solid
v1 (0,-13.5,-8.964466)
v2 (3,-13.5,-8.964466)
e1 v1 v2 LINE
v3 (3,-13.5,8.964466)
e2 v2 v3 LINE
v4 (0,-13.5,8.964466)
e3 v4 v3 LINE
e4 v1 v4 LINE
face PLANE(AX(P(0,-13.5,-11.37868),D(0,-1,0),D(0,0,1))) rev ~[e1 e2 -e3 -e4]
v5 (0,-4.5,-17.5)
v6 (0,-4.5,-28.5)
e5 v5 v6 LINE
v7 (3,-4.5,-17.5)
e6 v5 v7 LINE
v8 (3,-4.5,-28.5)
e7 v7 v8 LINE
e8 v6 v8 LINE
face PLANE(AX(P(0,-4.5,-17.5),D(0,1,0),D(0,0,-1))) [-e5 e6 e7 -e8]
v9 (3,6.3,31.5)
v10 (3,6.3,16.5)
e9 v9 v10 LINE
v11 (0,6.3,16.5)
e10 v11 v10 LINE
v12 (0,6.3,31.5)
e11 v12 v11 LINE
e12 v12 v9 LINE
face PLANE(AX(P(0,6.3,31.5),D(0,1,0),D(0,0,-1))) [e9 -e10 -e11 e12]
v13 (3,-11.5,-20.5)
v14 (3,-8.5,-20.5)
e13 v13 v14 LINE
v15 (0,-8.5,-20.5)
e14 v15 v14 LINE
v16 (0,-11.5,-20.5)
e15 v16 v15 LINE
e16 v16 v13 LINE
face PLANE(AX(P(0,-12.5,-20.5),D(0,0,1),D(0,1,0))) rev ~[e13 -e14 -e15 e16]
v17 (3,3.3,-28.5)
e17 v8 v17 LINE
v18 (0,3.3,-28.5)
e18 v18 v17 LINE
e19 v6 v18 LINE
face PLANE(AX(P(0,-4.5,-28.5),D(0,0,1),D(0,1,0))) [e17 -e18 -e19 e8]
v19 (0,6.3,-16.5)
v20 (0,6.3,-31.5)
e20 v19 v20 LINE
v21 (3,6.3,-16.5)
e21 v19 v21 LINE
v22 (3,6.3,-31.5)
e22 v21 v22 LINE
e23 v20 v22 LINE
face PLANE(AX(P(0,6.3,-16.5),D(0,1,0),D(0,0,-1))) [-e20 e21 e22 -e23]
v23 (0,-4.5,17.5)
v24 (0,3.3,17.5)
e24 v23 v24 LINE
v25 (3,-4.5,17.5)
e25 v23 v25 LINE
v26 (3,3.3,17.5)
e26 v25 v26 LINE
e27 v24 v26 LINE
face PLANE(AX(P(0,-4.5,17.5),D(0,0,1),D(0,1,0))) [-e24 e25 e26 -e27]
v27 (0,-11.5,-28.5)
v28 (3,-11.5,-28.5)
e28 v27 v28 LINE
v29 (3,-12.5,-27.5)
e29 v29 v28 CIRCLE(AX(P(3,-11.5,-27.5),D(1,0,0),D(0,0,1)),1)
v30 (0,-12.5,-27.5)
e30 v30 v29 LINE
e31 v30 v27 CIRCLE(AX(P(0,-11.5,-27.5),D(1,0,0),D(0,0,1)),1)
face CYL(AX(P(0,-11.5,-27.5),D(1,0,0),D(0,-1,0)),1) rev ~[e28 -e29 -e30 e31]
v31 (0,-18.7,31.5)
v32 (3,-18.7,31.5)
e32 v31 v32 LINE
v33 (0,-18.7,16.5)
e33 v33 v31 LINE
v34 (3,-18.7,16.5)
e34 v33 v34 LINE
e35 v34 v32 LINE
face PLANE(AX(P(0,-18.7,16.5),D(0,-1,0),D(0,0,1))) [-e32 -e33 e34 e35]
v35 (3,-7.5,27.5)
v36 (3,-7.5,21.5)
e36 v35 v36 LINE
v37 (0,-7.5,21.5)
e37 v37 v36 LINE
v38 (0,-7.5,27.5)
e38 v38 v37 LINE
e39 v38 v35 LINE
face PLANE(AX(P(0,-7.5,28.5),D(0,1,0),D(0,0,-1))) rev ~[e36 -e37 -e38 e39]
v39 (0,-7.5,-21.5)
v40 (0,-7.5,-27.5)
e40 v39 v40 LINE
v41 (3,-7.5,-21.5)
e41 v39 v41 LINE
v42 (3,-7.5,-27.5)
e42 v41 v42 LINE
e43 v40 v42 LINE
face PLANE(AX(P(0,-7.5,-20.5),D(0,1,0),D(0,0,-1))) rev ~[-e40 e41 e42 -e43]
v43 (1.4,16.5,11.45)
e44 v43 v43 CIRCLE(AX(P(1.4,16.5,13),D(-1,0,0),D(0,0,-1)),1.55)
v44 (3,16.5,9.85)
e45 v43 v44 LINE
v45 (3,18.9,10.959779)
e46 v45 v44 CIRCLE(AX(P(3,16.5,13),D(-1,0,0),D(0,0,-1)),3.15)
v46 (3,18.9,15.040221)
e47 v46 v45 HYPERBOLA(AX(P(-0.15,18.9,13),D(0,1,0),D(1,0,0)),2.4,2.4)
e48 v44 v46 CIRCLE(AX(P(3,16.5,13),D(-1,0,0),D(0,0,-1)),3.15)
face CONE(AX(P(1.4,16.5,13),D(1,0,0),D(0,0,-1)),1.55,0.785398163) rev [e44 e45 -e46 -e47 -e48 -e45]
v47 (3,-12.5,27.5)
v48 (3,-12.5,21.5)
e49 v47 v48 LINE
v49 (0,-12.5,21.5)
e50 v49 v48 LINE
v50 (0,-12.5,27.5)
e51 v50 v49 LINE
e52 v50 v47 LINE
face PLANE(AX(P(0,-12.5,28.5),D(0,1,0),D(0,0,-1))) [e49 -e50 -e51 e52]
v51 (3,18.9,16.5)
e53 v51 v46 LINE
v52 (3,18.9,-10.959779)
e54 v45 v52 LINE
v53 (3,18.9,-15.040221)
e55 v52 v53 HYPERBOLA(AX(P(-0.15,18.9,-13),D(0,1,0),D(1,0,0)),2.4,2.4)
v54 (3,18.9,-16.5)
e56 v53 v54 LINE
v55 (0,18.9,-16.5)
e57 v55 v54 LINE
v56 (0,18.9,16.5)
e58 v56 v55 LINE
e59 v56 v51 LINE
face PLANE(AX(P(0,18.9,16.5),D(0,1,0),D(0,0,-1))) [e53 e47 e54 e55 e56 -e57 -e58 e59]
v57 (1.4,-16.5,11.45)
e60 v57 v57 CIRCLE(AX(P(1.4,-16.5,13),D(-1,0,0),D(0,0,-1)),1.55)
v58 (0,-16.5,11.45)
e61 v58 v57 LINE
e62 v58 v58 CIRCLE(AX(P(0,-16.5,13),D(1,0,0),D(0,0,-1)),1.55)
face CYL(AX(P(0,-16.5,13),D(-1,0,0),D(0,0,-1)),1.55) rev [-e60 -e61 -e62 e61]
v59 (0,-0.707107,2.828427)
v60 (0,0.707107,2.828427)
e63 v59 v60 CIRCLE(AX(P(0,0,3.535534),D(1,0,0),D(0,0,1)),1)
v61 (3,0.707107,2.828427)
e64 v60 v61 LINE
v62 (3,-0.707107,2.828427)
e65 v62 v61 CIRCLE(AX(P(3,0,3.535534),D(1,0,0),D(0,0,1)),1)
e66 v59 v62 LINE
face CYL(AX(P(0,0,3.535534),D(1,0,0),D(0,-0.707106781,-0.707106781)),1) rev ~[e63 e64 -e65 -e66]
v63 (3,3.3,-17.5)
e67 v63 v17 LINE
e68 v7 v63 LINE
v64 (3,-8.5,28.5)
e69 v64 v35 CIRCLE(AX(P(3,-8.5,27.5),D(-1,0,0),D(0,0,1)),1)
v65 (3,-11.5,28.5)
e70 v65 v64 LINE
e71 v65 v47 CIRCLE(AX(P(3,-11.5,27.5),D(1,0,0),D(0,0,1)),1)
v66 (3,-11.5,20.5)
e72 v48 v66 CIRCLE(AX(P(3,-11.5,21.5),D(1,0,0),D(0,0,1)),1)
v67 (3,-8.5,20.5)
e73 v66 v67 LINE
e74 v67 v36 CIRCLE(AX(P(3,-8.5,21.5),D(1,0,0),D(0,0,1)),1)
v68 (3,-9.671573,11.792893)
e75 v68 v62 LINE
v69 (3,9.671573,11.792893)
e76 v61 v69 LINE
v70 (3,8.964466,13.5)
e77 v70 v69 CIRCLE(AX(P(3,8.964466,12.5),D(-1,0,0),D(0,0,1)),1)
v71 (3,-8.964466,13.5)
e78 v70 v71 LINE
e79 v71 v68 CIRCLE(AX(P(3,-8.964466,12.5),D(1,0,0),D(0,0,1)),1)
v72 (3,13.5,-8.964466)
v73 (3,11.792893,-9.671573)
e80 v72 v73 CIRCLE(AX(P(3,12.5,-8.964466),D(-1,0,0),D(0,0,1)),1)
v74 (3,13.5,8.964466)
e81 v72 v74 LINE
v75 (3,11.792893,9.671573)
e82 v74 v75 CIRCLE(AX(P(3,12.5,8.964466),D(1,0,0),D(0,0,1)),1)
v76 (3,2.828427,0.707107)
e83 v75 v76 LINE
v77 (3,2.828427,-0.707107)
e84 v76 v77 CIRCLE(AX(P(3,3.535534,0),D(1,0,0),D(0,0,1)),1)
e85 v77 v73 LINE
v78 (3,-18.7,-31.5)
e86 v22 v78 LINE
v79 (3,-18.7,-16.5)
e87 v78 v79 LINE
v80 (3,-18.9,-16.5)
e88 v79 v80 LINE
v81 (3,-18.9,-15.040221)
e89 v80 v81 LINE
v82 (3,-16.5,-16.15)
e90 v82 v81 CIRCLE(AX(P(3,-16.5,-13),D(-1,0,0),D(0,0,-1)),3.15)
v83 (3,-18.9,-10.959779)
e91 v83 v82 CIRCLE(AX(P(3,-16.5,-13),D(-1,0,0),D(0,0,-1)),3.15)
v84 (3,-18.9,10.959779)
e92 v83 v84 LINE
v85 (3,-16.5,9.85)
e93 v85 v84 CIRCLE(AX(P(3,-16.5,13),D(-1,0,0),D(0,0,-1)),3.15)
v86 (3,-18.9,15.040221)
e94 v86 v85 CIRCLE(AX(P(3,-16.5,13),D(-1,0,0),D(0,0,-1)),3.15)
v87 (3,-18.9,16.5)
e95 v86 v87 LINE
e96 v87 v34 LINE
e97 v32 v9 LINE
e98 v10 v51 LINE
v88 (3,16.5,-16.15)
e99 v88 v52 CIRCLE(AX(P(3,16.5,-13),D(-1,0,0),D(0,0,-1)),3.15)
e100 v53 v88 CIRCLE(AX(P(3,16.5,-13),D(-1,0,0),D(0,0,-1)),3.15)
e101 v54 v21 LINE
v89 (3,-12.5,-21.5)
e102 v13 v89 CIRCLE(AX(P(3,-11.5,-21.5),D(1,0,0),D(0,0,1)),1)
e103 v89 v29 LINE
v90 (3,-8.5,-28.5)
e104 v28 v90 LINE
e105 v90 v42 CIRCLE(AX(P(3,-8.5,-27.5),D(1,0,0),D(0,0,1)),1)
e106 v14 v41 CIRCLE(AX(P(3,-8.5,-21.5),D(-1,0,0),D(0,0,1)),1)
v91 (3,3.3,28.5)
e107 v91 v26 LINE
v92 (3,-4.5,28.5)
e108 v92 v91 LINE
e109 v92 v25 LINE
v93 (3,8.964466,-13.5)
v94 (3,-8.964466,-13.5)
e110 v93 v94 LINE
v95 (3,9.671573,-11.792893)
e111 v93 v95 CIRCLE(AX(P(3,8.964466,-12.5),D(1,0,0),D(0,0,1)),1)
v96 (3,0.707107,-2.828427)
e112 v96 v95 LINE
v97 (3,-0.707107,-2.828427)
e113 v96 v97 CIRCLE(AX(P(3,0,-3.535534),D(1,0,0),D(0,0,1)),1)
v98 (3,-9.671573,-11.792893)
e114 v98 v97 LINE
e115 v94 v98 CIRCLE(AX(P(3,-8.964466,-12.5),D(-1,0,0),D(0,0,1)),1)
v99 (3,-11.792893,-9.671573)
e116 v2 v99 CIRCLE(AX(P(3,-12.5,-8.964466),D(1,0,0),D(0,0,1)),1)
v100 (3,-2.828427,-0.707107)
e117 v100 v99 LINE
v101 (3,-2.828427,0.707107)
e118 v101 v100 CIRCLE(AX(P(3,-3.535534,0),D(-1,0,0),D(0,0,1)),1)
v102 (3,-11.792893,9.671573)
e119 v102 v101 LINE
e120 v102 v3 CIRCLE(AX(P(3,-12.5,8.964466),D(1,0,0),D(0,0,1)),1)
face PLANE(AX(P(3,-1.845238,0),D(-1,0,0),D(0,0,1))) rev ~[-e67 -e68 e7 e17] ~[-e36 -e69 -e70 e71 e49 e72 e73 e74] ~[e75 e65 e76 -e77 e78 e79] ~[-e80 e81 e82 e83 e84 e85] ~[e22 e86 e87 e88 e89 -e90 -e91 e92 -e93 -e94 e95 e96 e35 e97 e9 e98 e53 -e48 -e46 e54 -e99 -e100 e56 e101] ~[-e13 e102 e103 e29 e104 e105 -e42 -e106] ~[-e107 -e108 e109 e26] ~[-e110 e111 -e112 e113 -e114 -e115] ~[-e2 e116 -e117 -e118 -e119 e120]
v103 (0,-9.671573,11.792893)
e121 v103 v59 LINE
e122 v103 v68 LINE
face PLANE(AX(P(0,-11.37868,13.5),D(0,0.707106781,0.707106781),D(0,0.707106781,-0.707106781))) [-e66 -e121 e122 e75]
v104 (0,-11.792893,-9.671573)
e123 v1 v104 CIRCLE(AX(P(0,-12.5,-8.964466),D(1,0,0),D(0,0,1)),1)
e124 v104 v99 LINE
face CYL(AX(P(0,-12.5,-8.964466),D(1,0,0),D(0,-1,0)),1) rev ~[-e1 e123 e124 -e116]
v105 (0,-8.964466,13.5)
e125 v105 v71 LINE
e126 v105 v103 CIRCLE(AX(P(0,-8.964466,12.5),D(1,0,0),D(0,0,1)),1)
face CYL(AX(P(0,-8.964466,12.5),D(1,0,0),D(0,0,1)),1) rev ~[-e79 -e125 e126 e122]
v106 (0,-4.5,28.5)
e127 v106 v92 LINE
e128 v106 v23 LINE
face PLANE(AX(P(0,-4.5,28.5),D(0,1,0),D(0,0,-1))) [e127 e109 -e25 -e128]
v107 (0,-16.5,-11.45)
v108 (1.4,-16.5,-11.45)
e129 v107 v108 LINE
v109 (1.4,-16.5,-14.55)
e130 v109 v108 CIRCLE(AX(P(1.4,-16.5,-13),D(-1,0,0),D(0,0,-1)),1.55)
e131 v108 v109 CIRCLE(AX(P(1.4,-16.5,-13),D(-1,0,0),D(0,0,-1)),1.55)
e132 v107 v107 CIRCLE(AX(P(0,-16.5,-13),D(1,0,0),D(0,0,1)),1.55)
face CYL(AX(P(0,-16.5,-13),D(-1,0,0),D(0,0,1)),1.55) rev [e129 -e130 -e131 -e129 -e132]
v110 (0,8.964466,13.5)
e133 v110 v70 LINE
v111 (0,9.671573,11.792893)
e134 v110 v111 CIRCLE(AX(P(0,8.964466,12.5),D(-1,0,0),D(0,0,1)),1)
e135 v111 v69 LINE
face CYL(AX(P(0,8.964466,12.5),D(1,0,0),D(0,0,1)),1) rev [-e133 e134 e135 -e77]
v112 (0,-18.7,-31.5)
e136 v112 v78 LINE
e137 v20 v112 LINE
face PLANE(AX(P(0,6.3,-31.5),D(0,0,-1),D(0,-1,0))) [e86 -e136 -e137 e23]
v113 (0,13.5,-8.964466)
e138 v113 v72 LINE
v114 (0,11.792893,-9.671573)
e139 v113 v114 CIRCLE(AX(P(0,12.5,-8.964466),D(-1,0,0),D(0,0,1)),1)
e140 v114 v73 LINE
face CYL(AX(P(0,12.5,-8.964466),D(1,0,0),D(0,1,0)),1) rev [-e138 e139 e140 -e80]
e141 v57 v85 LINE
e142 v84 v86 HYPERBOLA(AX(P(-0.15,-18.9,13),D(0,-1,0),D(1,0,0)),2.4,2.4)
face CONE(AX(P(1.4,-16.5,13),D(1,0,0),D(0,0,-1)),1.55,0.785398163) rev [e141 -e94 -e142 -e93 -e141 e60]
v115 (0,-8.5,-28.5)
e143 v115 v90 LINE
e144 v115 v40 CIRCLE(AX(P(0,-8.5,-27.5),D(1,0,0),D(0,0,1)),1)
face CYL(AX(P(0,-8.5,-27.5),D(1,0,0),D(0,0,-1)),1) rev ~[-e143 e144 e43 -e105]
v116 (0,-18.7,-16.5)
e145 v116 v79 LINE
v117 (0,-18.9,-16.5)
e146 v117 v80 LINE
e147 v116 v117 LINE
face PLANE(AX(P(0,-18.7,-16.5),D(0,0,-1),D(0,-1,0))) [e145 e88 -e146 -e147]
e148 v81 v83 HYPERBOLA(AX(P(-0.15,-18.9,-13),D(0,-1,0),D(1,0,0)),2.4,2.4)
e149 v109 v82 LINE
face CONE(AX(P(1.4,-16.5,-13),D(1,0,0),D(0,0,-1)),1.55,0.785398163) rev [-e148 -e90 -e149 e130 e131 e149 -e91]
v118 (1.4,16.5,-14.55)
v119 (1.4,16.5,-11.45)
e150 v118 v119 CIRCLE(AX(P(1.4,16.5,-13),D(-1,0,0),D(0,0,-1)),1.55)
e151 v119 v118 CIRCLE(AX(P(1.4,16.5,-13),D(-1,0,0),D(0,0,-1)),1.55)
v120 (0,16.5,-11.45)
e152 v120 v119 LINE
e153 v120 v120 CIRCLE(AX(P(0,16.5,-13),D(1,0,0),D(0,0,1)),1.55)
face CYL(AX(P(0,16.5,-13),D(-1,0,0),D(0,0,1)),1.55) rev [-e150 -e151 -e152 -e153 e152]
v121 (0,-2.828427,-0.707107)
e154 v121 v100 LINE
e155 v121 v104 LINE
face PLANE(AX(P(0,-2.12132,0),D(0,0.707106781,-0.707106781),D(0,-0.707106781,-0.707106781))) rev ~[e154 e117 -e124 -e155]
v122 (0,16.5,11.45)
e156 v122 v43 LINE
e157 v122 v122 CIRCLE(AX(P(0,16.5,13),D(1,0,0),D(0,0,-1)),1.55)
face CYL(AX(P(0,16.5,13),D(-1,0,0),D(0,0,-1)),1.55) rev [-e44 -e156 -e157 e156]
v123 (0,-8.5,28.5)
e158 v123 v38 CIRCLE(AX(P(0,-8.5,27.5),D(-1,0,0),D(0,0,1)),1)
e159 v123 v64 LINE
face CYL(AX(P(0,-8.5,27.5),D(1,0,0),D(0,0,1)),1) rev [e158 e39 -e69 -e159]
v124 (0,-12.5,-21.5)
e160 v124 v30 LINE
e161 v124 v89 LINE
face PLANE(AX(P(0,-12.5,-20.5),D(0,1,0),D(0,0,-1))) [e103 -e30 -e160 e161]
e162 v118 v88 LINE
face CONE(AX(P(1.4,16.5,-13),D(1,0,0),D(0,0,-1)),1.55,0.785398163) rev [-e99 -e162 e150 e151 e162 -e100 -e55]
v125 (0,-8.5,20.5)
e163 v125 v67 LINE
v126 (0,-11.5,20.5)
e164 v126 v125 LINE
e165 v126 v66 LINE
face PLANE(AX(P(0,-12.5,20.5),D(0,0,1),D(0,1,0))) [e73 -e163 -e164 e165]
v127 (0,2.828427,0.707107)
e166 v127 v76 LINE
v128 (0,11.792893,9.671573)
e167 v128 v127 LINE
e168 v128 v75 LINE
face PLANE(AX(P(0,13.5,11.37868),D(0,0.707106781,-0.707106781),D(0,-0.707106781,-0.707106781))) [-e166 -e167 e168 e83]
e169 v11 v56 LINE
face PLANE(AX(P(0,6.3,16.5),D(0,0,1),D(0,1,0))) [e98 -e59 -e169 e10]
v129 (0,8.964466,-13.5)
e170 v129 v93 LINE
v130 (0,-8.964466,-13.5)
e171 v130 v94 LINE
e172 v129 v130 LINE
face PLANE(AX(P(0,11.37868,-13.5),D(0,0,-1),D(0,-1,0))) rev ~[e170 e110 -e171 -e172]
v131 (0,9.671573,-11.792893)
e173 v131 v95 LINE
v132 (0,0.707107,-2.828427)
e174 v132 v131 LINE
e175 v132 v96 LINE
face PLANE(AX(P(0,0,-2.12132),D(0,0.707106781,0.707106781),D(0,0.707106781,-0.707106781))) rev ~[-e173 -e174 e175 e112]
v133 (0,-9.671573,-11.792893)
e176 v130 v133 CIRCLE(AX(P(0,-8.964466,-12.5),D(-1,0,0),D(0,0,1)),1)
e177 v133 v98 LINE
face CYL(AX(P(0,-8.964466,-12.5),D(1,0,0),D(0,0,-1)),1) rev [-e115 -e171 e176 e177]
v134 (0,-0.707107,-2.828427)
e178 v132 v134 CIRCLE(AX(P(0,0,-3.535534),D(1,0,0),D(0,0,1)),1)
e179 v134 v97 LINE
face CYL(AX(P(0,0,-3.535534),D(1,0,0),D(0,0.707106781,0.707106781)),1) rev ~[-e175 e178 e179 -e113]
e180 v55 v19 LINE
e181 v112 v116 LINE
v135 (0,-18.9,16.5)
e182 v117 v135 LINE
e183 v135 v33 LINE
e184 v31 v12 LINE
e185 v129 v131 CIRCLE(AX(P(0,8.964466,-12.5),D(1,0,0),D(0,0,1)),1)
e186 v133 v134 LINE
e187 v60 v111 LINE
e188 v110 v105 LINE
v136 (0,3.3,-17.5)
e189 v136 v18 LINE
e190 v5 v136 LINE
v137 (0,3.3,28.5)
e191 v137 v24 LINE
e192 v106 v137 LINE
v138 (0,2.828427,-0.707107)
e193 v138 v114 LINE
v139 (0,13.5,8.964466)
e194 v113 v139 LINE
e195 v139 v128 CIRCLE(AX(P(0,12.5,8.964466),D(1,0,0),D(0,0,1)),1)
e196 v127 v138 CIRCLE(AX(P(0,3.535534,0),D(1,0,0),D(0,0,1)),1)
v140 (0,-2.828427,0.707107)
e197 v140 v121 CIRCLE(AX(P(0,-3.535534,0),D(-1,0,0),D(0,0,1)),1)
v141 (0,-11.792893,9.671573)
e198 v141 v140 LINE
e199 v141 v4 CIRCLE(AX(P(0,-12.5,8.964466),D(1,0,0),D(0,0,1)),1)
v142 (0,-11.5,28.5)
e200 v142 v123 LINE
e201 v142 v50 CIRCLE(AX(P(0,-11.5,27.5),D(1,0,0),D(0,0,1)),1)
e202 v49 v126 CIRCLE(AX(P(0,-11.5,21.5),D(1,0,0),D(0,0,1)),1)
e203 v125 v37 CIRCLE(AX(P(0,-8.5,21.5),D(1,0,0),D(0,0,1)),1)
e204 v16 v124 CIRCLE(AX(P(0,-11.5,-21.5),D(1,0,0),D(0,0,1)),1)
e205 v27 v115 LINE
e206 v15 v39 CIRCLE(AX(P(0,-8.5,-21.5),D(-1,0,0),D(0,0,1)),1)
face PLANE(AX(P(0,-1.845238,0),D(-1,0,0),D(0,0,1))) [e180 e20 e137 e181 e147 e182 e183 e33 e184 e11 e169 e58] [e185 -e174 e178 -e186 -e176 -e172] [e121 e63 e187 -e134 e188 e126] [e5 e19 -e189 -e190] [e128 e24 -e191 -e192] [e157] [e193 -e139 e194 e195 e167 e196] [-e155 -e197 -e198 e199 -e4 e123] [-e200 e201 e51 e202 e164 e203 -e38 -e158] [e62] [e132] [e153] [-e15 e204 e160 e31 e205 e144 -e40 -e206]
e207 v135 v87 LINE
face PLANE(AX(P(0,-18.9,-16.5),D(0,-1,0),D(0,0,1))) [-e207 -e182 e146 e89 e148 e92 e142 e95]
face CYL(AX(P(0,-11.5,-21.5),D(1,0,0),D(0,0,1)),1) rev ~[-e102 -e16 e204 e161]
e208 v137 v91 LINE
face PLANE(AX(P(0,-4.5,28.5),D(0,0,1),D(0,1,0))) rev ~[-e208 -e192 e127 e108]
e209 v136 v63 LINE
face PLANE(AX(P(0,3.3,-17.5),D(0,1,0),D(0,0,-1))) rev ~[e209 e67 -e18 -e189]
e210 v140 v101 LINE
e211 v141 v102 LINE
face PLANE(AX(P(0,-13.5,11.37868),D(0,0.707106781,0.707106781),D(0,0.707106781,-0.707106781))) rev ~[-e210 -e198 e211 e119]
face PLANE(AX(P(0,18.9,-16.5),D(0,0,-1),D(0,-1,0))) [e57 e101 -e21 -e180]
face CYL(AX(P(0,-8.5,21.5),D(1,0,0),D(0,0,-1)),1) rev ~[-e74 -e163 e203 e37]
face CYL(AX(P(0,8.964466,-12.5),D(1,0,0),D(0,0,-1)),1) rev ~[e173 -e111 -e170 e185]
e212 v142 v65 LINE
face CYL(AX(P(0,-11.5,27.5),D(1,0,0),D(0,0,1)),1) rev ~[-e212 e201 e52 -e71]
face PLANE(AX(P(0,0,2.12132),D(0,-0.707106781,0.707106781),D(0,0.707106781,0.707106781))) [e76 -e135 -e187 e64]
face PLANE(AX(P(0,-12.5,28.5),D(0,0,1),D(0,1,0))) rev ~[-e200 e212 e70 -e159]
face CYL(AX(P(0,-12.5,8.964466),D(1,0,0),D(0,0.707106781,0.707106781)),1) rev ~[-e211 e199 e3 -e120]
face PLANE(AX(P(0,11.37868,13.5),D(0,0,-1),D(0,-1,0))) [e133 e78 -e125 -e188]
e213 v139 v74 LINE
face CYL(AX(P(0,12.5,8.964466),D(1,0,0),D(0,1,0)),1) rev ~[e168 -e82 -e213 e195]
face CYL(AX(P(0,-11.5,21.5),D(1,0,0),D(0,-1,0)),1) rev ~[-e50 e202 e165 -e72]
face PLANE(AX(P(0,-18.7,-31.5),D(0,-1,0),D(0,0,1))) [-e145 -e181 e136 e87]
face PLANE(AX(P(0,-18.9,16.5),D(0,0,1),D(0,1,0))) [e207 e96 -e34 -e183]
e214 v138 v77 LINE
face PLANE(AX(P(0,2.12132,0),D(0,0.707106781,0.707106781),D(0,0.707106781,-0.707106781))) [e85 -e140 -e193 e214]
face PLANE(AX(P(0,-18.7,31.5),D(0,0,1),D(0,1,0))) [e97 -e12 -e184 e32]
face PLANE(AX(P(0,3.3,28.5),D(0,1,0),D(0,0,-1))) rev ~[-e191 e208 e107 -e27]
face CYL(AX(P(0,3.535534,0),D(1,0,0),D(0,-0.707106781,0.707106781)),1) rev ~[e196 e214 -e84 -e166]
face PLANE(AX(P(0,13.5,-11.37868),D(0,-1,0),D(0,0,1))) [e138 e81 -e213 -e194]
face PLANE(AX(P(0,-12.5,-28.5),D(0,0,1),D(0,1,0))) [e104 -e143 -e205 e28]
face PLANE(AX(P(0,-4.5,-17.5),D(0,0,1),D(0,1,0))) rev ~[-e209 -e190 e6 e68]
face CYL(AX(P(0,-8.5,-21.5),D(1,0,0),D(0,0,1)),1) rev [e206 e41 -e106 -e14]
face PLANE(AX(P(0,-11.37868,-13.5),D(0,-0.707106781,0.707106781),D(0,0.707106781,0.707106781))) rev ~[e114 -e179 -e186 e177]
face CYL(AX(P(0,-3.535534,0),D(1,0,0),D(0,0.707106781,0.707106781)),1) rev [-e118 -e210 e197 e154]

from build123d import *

# Parameters (mm, degrees)
SKETCH_1_R                  = 1.55
SKETCH_1_W                  = 8
SKETCH_1_H                  = 5
SKETCH_1_W_2                = 11
SKETCH_1_H_2                = 7.8
EXTRUDE_1_DEPTH             = 3
HOLE_WIZARD_M3_1_AT_2_COUNT = 2
HOLE_WIZARD_M3_1_AT_2_PITCH = 26
HOLE_WIZARD_M3_1_AT_3_COUNT = 2
HOLE_WIZARD_M3_1_AT_3_PITCH = 42.011903075
HOLE_WIZARD_M3_1_AT_4_COUNT = 2
HOLE_WIZARD_M3_1_AT_4_PITCH = 33
FILLET_1_R                  = 1


with BuildPart() as part:
    # 草图1 → 凸台-拉伸1 (new body)
    with BuildSketch(Plane(origin=(0, 0, 0), x_dir=(0, 0, -1), z_dir=(1, 0, 0))):
        Polygon((16.5, -18.9), (-16.5, -18.9), (-16.5, -18.7), (-31.5, -18.7), (-31.5, 6.3), (-16.5, 6.3), (-16.5, 18.9), (16.5, 18.9), (16.5, 6.3), (31.5, 6.3), (31.5, -18.7), (16.5, -18.7), align=None)
        with Locations((-13, 16.5)):
            Circle(SKETCH_1_R, mode=Mode.SUBTRACT)
        with Locations((-13, -16.5)):
            Circle(SKETCH_1_R, mode=Mode.SUBTRACT)
        with Locations(Location((13, -16.5, 0), (0, 0, 180))):
            Circle(SKETCH_1_R, mode=Mode.SUBTRACT)
        with Locations(Location((13, 16.5, 0), (0, 0, 180))):
            Circle(SKETCH_1_R, mode=Mode.SUBTRACT)
        with Locations((24.5, -10)):
            Rectangle(SKETCH_1_W, SKETCH_1_H, mode=Mode.SUBTRACT)
        with Locations((-24.5, -10)):
            Rectangle(SKETCH_1_W, SKETCH_1_H, mode=Mode.SUBTRACT)
        Polygon((-13.5, -11.378679656), (-2.121320344, 0), (-13.5, 11.378679656), align=None, mode=Mode.SUBTRACT)
        Polygon((-11.378679656, -13.5), (0, -2.121320344), (11.378679656, -13.5), align=None, mode=Mode.SUBTRACT)
        Polygon((-11.378679656, 13.5), (0, 2.121320344), (11.378679656, 13.5), align=None, mode=Mode.SUBTRACT)
        Polygon((13.5, 11.378679656), (13.5, -11.378679656), (2.121320344, 0), align=None, mode=Mode.SUBTRACT)
        with Locations((23, -0.6)):
            Rectangle(SKETCH_1_W_2, SKETCH_1_H_2, mode=Mode.SUBTRACT)
        with Locations((-23, -0.6)):
            Rectangle(SKETCH_1_W_2, SKETCH_1_H_2, mode=Mode.SUBTRACT)
    extrude(amount=EXTRUDE_1_DEPTH)

    # 草图2 → M3 锥坑高头螺钉的锥形沉头孔1 (revolve, cut)
    with BuildSketch(Plane(origin=(3, 16.5, 13), x_dir=(0, 0, -1), z_dir=(0, 1, 0))):
        Polygon((0, 0), (0, 3), (1.55, 3), (1.55, 1.6), (3.15, 0), align=None)
    hole_wizard_m3_1 = revolve(axis=Axis((9.35, 16.5, 13), (-1, 0, 0)), mode=Mode.SUBTRACT)

    # M3 锥坑高头螺钉的锥形沉头孔1 at 2: M3 锥坑高头螺钉的锥形沉头孔1 ×2
    with Locations(*[(0, 0, -i * HOLE_WIZARD_M3_1_AT_2_PITCH) for i in range(1, HOLE_WIZARD_M3_1_AT_2_COUNT)]):
        add(hole_wizard_m3_1, mode=Mode.SUBTRACT)

    # M3 锥坑高头螺钉的锥形沉头孔1 at 3: M3 锥坑高头螺钉的锥形沉头孔1 ×2
    with Locations(*[Vector(0, -0.7854916722275357, -0.6188722266035129) * (i * HOLE_WIZARD_M3_1_AT_3_PITCH) for i in range(1, HOLE_WIZARD_M3_1_AT_3_COUNT)]):
        add(hole_wizard_m3_1, mode=Mode.SUBTRACT)

    # M3 锥坑高头螺钉的锥形沉头孔1 at 4: M3 锥坑高头螺钉的锥形沉头孔1 ×2
    with Locations(*[(0, -i * HOLE_WIZARD_M3_1_AT_4_PITCH, 0) for i in range(1, HOLE_WIZARD_M3_1_AT_4_COUNT)]):
        add(hole_wizard_m3_1, mode=Mode.SUBTRACT)

    # 圆角1
    fillet_1_edges = [part.edges().sort_by_distance(p)[0] for p in [
        (1.5, 11.378679656, -13.5),
        (1.5, 0, -2.121320344),
        (1.5, -11.378679656, -13.5),
        (1.5, -12.5, 20.5),
        (1.5, -7.5, 20.5),
        (1.5, -7.5, 28.5),
        (1.5, -12.5, 28.5),
        (1.5, -12.5, -28.5),
        (1.5, -7.5, -28.5),
        (1.5, -7.5, -20.5),
        (1.5, -12.5, -20.5),
        (1.5, 11.378679656, 13.5),
        (1.5, -11.378679656, 13.5),
        (1.5, 0, 2.121320344),
        (1.5, 2.121320344, 0),
        (1.5, 13.5, -11.378679656),
        (1.5, 13.5, 11.378679656),
        (1.5, -13.5, 11.378679656),
        (1.5, -13.5, -11.378679656),
        (1.5, -2.121320344, 0),
    ]]
    fillet(fillet_1_edges, radius=FILLET_1_R)


solid = part.part
